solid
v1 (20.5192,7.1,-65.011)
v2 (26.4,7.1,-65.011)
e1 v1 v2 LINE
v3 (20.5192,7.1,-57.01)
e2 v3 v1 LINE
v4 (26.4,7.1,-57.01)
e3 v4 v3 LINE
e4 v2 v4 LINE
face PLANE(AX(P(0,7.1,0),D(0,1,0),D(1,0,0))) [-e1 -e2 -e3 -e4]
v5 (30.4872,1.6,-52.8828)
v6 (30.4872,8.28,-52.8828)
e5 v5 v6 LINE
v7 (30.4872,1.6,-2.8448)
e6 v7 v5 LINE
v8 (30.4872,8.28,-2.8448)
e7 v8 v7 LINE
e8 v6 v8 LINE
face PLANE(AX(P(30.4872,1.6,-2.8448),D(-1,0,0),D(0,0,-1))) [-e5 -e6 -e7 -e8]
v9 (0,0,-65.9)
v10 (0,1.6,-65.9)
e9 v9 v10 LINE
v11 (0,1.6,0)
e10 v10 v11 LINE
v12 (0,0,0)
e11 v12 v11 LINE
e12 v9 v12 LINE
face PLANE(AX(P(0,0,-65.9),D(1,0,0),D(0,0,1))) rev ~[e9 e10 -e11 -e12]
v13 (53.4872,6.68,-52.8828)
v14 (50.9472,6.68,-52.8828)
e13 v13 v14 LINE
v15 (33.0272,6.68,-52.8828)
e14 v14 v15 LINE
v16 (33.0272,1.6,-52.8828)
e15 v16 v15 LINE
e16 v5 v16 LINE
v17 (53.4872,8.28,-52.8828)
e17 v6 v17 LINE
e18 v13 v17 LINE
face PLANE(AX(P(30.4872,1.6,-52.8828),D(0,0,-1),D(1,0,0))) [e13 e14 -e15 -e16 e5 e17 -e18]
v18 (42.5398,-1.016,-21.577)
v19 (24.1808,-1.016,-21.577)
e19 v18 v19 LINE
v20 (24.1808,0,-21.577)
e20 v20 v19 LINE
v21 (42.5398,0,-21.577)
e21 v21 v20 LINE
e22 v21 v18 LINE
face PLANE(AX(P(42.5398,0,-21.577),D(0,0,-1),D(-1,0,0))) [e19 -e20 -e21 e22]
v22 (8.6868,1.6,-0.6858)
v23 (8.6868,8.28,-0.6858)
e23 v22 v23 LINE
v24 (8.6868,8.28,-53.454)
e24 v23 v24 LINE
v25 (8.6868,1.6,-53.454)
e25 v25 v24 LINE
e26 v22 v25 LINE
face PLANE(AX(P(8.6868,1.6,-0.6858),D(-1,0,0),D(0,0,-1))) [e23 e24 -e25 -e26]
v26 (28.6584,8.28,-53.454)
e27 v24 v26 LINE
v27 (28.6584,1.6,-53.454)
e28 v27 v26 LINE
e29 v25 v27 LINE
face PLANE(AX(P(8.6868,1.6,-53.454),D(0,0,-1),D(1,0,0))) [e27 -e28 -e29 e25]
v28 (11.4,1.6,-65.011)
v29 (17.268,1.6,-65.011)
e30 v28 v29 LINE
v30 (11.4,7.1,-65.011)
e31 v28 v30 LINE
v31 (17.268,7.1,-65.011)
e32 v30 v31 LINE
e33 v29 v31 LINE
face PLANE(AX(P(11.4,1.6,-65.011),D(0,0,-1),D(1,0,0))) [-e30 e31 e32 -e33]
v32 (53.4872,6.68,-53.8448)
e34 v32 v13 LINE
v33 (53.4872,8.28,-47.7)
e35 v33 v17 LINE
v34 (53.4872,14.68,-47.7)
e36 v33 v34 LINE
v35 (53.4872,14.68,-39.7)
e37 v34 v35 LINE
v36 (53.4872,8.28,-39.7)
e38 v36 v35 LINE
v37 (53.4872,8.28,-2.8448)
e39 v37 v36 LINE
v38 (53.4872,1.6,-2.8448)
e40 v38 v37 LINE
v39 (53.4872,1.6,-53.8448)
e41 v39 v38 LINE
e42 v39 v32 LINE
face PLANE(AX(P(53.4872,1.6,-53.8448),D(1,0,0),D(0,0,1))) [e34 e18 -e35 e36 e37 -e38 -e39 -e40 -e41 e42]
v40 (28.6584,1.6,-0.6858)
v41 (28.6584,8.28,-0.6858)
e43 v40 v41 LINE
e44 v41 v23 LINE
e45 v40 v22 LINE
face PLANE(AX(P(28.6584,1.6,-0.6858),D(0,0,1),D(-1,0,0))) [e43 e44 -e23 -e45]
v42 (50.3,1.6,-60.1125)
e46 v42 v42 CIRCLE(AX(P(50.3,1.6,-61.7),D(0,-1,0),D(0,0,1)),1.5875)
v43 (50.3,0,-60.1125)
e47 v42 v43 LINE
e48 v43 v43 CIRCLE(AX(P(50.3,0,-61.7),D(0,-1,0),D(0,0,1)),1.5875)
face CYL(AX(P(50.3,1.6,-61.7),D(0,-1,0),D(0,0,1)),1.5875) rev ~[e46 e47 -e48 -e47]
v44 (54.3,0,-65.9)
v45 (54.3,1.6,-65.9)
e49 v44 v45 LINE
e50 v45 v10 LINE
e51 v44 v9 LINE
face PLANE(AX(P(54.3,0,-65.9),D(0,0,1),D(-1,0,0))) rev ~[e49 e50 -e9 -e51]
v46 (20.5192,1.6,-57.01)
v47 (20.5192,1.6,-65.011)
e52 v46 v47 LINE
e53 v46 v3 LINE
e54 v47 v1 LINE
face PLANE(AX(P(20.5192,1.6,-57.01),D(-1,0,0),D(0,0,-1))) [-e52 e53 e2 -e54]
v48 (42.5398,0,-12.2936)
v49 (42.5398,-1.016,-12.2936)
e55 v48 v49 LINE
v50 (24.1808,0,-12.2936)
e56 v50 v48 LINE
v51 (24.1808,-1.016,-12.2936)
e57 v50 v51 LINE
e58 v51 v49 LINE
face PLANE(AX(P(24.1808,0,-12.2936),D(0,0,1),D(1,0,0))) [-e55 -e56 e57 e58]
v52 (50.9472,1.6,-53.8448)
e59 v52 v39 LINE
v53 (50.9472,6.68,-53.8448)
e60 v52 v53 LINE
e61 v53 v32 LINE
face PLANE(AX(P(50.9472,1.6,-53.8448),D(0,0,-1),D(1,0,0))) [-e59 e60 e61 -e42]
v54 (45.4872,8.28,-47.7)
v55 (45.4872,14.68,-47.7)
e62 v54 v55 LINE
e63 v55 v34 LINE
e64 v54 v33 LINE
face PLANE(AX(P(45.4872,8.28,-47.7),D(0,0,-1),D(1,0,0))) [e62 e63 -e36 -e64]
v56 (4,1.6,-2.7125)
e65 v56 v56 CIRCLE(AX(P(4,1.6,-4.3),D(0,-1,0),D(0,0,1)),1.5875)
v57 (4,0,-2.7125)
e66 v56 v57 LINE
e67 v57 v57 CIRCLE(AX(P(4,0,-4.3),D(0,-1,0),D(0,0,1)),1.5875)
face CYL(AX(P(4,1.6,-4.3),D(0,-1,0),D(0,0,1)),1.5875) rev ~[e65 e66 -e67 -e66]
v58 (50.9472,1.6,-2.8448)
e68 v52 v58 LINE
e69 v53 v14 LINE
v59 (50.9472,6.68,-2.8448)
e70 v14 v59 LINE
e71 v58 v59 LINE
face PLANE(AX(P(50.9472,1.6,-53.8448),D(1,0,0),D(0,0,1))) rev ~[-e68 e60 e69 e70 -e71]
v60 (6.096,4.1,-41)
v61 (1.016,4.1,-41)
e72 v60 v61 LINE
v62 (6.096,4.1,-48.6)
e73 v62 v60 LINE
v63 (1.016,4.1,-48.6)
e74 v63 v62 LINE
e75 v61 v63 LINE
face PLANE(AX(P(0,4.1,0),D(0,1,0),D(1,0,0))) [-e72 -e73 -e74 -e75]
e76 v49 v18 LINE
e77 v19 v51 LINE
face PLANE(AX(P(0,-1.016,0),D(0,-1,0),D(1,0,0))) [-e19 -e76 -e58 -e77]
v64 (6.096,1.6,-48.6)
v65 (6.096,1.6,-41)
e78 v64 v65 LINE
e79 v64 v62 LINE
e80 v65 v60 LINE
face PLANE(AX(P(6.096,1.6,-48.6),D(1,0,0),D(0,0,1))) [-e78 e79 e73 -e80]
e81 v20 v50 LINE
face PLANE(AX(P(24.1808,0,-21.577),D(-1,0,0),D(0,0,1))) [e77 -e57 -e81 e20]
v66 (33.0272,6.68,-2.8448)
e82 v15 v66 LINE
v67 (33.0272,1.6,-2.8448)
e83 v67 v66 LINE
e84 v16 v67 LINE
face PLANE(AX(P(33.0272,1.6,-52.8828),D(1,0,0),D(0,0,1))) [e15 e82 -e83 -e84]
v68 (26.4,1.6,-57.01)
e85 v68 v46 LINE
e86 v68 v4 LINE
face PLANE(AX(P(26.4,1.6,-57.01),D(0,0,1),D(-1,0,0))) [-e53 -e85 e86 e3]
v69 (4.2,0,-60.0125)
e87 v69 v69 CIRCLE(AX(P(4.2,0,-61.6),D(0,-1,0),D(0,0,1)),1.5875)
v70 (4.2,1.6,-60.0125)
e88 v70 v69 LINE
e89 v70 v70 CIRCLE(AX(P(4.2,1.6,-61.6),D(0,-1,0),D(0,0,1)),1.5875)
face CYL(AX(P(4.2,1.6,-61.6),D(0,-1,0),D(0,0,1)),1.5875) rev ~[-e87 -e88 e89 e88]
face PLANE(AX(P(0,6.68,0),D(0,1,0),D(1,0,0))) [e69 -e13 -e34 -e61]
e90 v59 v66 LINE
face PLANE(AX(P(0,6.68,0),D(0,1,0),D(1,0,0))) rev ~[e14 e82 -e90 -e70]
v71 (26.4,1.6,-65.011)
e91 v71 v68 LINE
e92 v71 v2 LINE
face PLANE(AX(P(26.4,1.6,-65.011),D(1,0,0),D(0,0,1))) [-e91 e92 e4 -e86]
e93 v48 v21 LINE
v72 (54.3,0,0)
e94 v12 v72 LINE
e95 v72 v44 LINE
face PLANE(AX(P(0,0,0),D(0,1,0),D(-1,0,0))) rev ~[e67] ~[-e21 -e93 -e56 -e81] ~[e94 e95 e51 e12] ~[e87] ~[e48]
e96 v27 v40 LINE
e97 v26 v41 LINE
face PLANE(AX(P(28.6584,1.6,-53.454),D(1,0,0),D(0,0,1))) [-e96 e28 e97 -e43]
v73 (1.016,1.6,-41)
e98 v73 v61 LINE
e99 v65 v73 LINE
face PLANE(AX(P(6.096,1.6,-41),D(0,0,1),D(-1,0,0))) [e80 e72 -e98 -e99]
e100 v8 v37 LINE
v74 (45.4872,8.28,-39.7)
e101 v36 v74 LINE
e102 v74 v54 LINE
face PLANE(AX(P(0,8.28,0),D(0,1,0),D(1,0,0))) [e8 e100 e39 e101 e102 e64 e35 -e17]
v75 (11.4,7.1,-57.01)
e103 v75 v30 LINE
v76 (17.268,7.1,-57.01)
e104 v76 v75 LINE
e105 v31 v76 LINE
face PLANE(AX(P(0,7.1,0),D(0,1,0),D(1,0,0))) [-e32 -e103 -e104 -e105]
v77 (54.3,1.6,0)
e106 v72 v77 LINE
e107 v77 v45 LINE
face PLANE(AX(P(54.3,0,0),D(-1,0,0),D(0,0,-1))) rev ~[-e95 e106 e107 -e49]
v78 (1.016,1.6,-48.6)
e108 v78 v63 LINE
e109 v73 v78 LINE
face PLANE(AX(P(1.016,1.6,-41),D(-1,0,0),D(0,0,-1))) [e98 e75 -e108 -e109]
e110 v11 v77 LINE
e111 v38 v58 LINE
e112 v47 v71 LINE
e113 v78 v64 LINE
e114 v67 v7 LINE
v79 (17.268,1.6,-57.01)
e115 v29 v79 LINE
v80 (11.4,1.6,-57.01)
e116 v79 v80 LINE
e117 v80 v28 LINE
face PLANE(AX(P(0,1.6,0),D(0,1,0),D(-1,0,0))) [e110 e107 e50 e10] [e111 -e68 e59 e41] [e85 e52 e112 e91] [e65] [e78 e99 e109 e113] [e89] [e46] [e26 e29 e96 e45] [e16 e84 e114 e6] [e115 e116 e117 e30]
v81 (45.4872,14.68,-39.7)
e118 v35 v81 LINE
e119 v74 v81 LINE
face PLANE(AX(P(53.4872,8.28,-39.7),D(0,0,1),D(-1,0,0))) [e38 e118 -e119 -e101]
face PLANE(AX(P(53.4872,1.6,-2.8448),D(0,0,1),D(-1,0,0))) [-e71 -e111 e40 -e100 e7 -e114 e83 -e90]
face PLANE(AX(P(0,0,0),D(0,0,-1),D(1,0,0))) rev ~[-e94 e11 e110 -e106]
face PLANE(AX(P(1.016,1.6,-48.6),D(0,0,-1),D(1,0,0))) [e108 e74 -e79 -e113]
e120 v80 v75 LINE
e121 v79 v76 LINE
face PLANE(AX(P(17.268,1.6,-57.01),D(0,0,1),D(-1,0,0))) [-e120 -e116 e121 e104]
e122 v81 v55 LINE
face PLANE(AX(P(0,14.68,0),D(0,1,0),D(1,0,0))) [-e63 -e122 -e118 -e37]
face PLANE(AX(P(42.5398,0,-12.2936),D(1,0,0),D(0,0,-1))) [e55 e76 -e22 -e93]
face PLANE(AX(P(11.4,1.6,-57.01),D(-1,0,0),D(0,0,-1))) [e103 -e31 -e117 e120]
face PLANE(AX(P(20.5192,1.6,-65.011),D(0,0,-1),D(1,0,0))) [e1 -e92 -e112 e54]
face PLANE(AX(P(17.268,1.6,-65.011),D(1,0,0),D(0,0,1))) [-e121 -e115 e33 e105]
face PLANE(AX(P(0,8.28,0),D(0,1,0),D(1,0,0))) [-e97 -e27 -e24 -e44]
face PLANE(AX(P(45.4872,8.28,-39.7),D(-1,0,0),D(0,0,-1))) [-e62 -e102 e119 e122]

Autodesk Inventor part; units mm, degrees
ref_plane "YZ Plane" through (0, 0, 0) normal (1, 0, 0) x (0, 1, 0)
ref_plane "XZ Plane" through (0, 0, 0) normal (0, 1, 0) x (-1, 0, 0)
ref_plane "XY Plane" through (0, 0, 0) normal (0, 0, 1) x (1, 0, 0)
sketch "Sketch1" plane through (0, 0, 0) normal (0, 1, 0) x (-1, 0, 0)
  line L0 (0, 0) -> (-54.3, 0)
  line L1 (-54.3, 0) -> (-54.3, -65.9)
  line L2 (-54.3, -65.9) -> (0, -65.9)
  line L3 (0, -65.9) -> (0, 0)
  dimension "d0" = 54.3
  dimension "d1" = 65.9
extrude "Extrusion1" add sketch "Sketch1" along normal blind 1.6
sketch "Sketch2" plane through (0, 1.6, 0) normal (0, 1, 0) x (1, 0, 0)
  line L0 (0, 65.9) -> (0, 0) projected
  line L1 (54.3, 65.9) -> (0, 65.9) projected
  line L2 (54.3, 0) -> (54.3, 65.9) projected
  line L3 (0, 0) -> (54.3, 0) projected
  point P0 (4.2, 61.6)
  point P1 (50.3, 61.7)
  point P2 (4, 4.3)
  dimension "d4" = 4.2
  dimension "d5" = 4.3
  dimension "d6" = 4
  dimension "d7" = 4.2
  dimension "d8" = 4
  dimension "d9" = 4.3
hole "Hole1" at (4.2, 1.6, -61.6) at (50.3, 1.6, -61.7) at (4, 1.6, -4.3) direction (0, -1, 0) diameter 3.175 end through all
sketch "Sketch3" plane through (0, 1.6, 0) normal (0, 1, 0) x (1, 0, 0)
  line L0 (53.4872, 53.8448) -> (53.4872, 2.8448)
  line L1 (30.4872, 2.8448) -> (30.4872, 52.8828)
  line L2 (0, 0) -> (54.3, 0) projected
  line L3 (54.3, 0) -> (54.3, 65.9) projected
  line L4 (33.0272, 52.8828) -> (33.0272, 2.8448)
  line L5 (50.9472, 53.8448) -> (50.9472, 2.8448)
  line L6 (30.4872, 52.8828) -> (33.0272, 52.8828)
  line L7 (50.9472, 53.8448) -> (53.4872, 53.8448)
  line L8 (53.4872, 2.8448) -> (50.9472, 2.8448)
  line L9 (33.0272, 2.8448) -> (30.4872, 2.8448)
  dimension "d17" = 23
  dimension "d18" = 51
  dimension "d20" = 0.8128
  dimension "d21" = 2.54
  dimension "d22" = 2.54
extrude "Extrusion2" add sketch "Sketch3" along normal blind 5.08
sketch "Sketch4" plane through (0, 6.68, 0) normal (0, 1, 0) x (1, 0, 0)
  line L0 (30.4872, 52.8828) -> (30.4872, 2.8448) projected
  line L1 (30.4872, 2.8448) -> (33.0272, 2.8448) projected
  line L2 (33.0272, 2.8448) -> (33.0272, 52.8828) projected
  line L3 (33.0272, 52.8828) -> (30.4872, 52.8828) projected
  line L4 (53.4872, 2.8448) -> (53.4872, 53.8448) projected
  line L5 (50.9472, 53.8448) -> (50.9472, 2.8448) projected
  line L6 (50.9472, 2.8448) -> (53.4872, 2.8448) projected
  line L7 (53.4872, 53.8448) -> (50.9472, 53.8448) projected
  line L8 (30.4872, 52.8828) -> (30.4872, 2.8448) projected
  line L9 (30.4872, 52.8828) -> (53.4872, 52.8828)
  line L10 (53.4872, 52.8828) -> (53.4872, 2.8448)
  line L11 (53.4872, 2.8448) -> (30.4872, 2.8448)
  line L12 (30.4872, 2.8448) -> (30.4872, 52.8828)
  point P0 (0, 0)
extrude "Extrusion3" add sketch "Sketch4" along normal blind 1.6 contours L3 L2 L1 L0 | L9 L5 L11 L2 | L9 L4 L6 L5
sketch "Sketch5" plane through (0, 8.28, 0) normal (0, 1, 0) x (1, 0, 0)
  line L0 (45.4872, 47.7) -> (53.4872, 47.7)
  line L1 (53.4872, 47.7) -> (53.4872, 39.7)
  line L2 (53.4872, 39.7) -> (45.4872, 39.7)
  line L3 (45.4872, 39.7) -> (45.4872, 47.7)
  line L4 (53.4872, 2.8448) -> (53.4872, 52.8828) projected
  line L5 (53.4872, 52.8828) -> (30.4872, 52.8828) projected
  line L6 (0, 0) -> (54.3, 0) projected
  line L7 (30.4872, 52.8828) -> (30.4872, 2.8448) projected
  line L8 (30.4872, 2.8448) -> (53.4872, 2.8448) projected
  line L9 (53.4872, 2.8448) -> (53.4872, 52.8828) projected
  line L10 (53.4872, 52.8828) -> (30.4872, 52.8828) projected
  dimension "d27" = 8
  dimension "d28" = 8
  dimension "d61" = 39.7
extrude "Extrusion4" add sketch "Sketch5" along normal blind 6.4 contours L0 L1 L2 L3
sketch "Sketch7" plane through (0, 1.6, 0) normal (0, 1, 0) x (1, 0, 0)
  line L0 (1.016, 48.6) -> (6.096, 48.6)
  line L1 (6.096, 48.6) -> (6.096, 41)
  line L2 (6.096, 41) -> (1.016, 41)
  line L3 (1.016, 41) -> (1.016, 48.6)
  line L4 (54.3, 65.9) -> (0, 65.9) projected
  line L5 (0, 65.9) -> (0, 0) projected
  dimension "d32" = 5.08
  dimension "d33" = 7.6
  dimension "d34" = 17.3
  dimension "d35" = 1.016
extrude "Extrusion5" add sketch "Sketch7" along normal blind 2.5
sketch "Sketch8" plane through (0, 1.6, 0) normal (0, 1, 0) x (1, 0, 0)
  line L0 (11.4, 65.011) -> (17.268, 65.011)
  line L1 (17.268, 65.011) -> (17.268, 57.01)
  line L2 (17.268, 57.01) -> (11.4, 57.01)
  line L3 (11.4, 57.01) -> (11.4, 65.011)
  line L4 (0, 65.9) -> (0, 0) projected
  line L5 (54.3, 65.9) -> (0, 65.9) projected
  line L6 (20.5192, 65.011) -> (26.4, 65.011)
  line L7 (26.4, 65.011) -> (26.4, 57.01)
  line L8 (26.4, 57.01) -> (20.5192, 57.01)
  line L9 (20.5192, 57.01) -> (20.5192, 65.011)
  dimension "d39" = 8.001
  dimension "d40" = 11.4
  dimension "d41" = 0.889
  dimension "d43" = 8.001
  dimension "d44" = 3.2512
  dimension "d45" = 0.889
  dimension "d60" = 15
extrude "Extrusion6" add sketch "Sketch8" along normal blind 5.5
sketch "Sketch9" plane through (0, 1.6, 0) normal (0, 1, 0) x (1, 0, 0)
  line L0 (8.6868, 53.454) -> (28.6584, 53.454)
  line L1 (28.6584, 53.454) -> (28.6584, 0.6858)
  line L2 (28.6584, 0.6858) -> (8.6868, 0.6858)
  line L3 (8.6868, 0.6858) -> (8.6868, 53.454)
  line L4 (54.3, 65.9) -> (0, 65.9) projected
  line L5 (30.4872, 52.8828) -> (30.4872, 2.8448) projected
  line L6 (0, 65.9) -> (0, 0) projected
  line L7 (0, 0) -> (54.3, 0) projected
  dimension "d48" = 12.446
  dimension "d49" = 1.8288
  dimension "d50" = 8.6868
  dimension "d51" = 0.6858
extrude "Extrusion7" add sketch "Sketch9" along normal up to surface (6.68 mm away)
sketch "Sketch10" plane through (0, 0, 0) normal (0, -1, 0) x (1, 0, 0)
  line L0 (42.5398, -21.577) -> (24.1808, -21.577)
  line L1 (24.1808, -21.577) -> (24.1808, -12.2936)
  line L2 (24.1808, -12.2936) -> (42.5398, -12.2936)
  line L3 (42.5398, -12.2936) -> (42.5398, -21.577)
  line L4 (54.3, -65.9) -> (0, -65.9) projected
  line L5 (54.3, 0) -> (54.3, -65.9) projected
  line L6 (0, -65.9) -> (0, 0) projected
  line L7 (0, 0) -> (54.3, 0) projected
  dimension "d54" = 44.323
  dimension "d55" = 11.7602
  dimension "d56" = 24.1808
  dimension "d57" = 12.2936
extrude "Extrusion8" add sketch "Sketch10" along normal blind 1.016 contours L0 L1 L2 L3
properties part number "PCB"
